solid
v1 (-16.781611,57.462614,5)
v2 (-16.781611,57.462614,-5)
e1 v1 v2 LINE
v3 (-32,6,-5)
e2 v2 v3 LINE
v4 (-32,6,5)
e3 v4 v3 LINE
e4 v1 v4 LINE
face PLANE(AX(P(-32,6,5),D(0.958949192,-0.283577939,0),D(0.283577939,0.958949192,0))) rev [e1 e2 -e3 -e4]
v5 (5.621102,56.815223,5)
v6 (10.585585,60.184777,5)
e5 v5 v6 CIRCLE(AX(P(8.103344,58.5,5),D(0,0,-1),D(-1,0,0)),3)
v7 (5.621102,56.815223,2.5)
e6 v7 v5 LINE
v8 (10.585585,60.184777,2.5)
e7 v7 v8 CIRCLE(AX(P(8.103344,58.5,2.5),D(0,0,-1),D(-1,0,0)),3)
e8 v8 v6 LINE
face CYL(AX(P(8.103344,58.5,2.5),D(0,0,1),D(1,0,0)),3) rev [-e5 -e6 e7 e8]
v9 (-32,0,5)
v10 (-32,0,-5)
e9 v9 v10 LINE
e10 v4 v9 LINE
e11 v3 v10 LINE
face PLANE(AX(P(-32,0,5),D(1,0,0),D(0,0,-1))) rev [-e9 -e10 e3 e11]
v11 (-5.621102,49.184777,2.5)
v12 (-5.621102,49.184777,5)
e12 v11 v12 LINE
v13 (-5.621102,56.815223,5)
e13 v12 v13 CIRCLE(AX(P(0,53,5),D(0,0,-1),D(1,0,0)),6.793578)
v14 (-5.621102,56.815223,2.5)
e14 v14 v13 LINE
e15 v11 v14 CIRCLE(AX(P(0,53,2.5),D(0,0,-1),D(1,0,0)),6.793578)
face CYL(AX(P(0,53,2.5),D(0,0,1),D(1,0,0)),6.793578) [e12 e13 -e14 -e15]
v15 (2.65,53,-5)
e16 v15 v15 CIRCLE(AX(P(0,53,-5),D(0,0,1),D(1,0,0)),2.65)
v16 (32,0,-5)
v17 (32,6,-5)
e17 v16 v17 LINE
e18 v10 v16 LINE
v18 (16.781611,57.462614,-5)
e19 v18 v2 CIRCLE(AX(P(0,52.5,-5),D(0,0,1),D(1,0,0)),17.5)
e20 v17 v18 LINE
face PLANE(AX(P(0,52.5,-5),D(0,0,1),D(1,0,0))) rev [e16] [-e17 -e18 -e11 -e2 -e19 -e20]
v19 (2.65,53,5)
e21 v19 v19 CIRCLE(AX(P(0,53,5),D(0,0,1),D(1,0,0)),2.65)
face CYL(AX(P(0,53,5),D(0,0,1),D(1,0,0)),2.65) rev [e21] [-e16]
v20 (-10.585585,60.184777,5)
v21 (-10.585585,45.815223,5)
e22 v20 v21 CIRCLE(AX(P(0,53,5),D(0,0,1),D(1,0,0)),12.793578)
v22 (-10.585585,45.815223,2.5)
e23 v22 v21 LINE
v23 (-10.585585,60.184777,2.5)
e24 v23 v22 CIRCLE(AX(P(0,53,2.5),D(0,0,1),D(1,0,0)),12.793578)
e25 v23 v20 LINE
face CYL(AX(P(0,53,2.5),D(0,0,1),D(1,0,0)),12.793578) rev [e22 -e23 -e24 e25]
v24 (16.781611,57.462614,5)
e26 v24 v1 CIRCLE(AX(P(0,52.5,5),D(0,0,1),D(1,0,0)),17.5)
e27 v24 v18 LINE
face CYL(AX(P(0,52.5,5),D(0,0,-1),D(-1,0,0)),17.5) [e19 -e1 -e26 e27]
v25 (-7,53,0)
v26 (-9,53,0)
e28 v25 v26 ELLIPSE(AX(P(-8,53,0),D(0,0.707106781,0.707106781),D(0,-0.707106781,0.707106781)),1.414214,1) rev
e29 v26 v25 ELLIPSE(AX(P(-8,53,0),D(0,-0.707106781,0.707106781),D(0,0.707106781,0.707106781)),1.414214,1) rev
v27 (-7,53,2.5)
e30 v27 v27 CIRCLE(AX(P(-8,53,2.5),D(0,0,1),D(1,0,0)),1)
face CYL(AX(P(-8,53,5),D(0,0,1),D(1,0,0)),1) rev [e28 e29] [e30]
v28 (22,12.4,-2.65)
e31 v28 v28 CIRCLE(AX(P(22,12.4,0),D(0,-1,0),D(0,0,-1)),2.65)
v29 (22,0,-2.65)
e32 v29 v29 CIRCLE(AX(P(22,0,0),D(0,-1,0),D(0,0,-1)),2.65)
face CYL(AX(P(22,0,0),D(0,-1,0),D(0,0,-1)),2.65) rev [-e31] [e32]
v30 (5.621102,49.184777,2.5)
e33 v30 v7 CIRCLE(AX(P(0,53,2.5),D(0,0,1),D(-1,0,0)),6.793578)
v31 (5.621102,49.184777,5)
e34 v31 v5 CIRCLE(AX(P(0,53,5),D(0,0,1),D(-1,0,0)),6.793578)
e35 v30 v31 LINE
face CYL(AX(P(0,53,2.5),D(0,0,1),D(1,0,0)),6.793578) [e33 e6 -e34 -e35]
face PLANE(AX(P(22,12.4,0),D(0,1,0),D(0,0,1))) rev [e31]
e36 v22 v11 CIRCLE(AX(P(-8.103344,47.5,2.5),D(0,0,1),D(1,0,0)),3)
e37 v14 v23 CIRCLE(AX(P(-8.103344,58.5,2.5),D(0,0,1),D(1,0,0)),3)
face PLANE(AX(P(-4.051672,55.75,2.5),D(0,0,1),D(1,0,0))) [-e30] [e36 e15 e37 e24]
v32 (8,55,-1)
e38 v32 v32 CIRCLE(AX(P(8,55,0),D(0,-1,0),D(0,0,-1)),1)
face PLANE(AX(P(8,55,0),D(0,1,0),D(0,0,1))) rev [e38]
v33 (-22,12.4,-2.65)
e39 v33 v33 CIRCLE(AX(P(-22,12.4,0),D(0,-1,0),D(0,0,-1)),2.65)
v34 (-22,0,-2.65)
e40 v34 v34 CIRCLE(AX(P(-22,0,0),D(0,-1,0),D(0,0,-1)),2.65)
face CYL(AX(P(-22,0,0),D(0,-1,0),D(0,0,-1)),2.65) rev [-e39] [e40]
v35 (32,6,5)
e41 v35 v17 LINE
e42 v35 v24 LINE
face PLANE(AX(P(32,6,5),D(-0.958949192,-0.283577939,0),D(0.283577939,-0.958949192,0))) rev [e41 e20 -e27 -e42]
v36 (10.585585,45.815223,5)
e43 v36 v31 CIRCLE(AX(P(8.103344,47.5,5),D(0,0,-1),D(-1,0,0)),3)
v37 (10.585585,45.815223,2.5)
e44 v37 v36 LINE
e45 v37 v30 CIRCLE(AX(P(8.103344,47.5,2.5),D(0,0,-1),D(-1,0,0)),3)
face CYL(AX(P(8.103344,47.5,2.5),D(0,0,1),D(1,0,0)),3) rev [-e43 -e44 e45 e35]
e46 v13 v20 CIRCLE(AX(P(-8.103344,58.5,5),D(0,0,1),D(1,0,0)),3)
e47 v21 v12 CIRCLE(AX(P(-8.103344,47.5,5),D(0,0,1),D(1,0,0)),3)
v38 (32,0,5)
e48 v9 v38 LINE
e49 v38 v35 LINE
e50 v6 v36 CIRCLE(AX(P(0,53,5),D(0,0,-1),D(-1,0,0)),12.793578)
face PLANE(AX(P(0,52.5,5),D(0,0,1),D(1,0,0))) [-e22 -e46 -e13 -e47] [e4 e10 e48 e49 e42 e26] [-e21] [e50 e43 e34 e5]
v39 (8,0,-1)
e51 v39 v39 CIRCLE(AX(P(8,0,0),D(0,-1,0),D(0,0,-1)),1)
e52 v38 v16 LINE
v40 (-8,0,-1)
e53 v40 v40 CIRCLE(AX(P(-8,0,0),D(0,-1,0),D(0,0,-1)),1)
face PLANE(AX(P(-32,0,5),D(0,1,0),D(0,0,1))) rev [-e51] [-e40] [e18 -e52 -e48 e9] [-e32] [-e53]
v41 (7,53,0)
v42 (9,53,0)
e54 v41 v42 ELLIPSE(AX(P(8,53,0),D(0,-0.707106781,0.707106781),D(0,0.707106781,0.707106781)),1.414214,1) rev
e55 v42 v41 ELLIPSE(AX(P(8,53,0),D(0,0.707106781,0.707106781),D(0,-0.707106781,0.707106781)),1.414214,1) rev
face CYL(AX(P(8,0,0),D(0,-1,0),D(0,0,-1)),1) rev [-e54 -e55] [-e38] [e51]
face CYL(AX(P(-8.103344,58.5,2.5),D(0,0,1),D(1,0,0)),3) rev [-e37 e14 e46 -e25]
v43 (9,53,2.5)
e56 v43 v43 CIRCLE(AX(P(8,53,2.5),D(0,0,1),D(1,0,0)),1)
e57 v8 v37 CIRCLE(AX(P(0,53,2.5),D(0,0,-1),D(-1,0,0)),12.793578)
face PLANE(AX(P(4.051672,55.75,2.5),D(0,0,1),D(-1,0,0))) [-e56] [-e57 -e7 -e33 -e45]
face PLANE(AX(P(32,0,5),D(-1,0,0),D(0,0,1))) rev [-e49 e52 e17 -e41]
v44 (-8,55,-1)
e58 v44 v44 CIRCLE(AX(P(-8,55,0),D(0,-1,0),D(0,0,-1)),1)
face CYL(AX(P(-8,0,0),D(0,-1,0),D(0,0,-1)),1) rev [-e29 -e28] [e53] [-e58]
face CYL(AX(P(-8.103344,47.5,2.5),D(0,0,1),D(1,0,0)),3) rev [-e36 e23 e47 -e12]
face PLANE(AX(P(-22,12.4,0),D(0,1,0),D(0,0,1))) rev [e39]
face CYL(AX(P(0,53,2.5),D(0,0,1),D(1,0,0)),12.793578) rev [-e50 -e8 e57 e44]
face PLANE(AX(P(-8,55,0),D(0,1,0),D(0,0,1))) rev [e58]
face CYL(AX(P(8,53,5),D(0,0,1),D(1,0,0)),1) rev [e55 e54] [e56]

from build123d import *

# Parameters (mm, degrees)
EXTRUDE_1_DEPTH           = 5
HOLE_WIZARD_M5_1_D        = 5.3
CUT_EXTRUDE_1_DEPTH       = 2.5
HOLE_WIZARD_2_0_2_1_D     = 2
HOLE_WIZARD_2_0_2_1_DEPTH = 5
HOLE_WIZARD_2_0_2_2_D     = 2
HOLE_WIZARD_2_0_2_2_DEPTH = 55
HOLE_WIZARD_M5_2_D        = 5.3
HOLE_WIZARD_M5_2_DEPTH    = 12.4


with BuildPart() as part:
    # 스케치1 → 보스-돌출1 (new, symmetric)
    with BuildSketch(Plane.XY):
        with BuildLine():
            Line((-32, 0), (32, 0))
            Line((32, 0), (32, 6))
            Line((32, 6), (16.781610859, 57.462613925))
            ThreePointArc((16.781610859, 57.462613925), (0, 70), (-16.781610859, 57.462613925))
            Line((-16.781610859, 57.462613925), (-32, 6))
            Line((-32, 6), (-32, 0))
        make_face()
    extrude(amount=EXTRUDE_1_DEPTH, both=True)

    # M5 여유 구멍1 (through all)
    with Locations(Plane.XY.offset(5)):
        with Locations((0, 53)):
            Hole(HOLE_WIZARD_M5_1_D / 2)

    # 스케치4 → 컷-돌출1 (cut)
    with BuildSketch(Plane.XY.offset(5)):
        with BuildLine():
            ThreePointArc((-10.585585486, 60.184777453), (-12.793578355, 53), (-10.585585486, 45.815222547))
            ThreePointArc((-10.585585486, 45.815222547), (-6.418566116, 45.017758083), (-5.621101652, 49.184777453))
            ThreePointArc((-5.621101652, 49.184777453), (-6.793578355, 53), (-5.621101652, 56.815222547))
            ThreePointArc((-5.621101652, 56.815222547), (-6.418566116, 60.982241917), (-10.585585486, 60.184777453))
        make_face()
    cut_extrude_1 = extrude(amount=-CUT_EXTRUDE_1_DEPTH, mode=Mode.SUBTRACT)

    # Ø2.0 (2) 지름 구멍1
    with Locations(Plane.XY.offset(5)):
        with Locations((-8, 53)):
            hole_wizard_2_0_2_1 = Hole(HOLE_WIZARD_2_0_2_1_D / 2, depth=HOLE_WIZARD_2_0_2_1_DEPTH)

    # 대칭 복사1: 컷-돌출1, Ø2.0 (2) 지름 구멍1 across plane
    add(cut_extrude_1.mirror(Plane(origin=(0, 0, 0), x_dir=(0, 0, 1), z_dir=(1, 0, 0))), mode=Mode.SUBTRACT)
    add(hole_wizard_2_0_2_1.mirror(Plane(origin=(0, 0, 0), x_dir=(0, 0, 1), z_dir=(1, 0, 0))), mode=Mode.SUBTRACT)

    # Ø2.0 (2) 지름 구멍2
    with Locations(Plane(origin=(0, 0, 0), x_dir=(-1, 0, 0), z_dir=(0, -1, 0))):
        with Locations((-8, 0), (8, 0)):
            Hole(HOLE_WIZARD_2_0_2_2_D / 2, depth=HOLE_WIZARD_2_0_2_2_DEPTH)

    # M5 여유 구멍2
    with Locations(Plane(origin=(0, 0, 0), x_dir=(-1, 0, 0), z_dir=(0, -1, 0))):
        with Locations((-22, 0), (22, 0)):
            Hole(HOLE_WIZARD_M5_2_D / 2, depth=HOLE_WIZARD_M5_2_DEPTH)


solid = part.part
